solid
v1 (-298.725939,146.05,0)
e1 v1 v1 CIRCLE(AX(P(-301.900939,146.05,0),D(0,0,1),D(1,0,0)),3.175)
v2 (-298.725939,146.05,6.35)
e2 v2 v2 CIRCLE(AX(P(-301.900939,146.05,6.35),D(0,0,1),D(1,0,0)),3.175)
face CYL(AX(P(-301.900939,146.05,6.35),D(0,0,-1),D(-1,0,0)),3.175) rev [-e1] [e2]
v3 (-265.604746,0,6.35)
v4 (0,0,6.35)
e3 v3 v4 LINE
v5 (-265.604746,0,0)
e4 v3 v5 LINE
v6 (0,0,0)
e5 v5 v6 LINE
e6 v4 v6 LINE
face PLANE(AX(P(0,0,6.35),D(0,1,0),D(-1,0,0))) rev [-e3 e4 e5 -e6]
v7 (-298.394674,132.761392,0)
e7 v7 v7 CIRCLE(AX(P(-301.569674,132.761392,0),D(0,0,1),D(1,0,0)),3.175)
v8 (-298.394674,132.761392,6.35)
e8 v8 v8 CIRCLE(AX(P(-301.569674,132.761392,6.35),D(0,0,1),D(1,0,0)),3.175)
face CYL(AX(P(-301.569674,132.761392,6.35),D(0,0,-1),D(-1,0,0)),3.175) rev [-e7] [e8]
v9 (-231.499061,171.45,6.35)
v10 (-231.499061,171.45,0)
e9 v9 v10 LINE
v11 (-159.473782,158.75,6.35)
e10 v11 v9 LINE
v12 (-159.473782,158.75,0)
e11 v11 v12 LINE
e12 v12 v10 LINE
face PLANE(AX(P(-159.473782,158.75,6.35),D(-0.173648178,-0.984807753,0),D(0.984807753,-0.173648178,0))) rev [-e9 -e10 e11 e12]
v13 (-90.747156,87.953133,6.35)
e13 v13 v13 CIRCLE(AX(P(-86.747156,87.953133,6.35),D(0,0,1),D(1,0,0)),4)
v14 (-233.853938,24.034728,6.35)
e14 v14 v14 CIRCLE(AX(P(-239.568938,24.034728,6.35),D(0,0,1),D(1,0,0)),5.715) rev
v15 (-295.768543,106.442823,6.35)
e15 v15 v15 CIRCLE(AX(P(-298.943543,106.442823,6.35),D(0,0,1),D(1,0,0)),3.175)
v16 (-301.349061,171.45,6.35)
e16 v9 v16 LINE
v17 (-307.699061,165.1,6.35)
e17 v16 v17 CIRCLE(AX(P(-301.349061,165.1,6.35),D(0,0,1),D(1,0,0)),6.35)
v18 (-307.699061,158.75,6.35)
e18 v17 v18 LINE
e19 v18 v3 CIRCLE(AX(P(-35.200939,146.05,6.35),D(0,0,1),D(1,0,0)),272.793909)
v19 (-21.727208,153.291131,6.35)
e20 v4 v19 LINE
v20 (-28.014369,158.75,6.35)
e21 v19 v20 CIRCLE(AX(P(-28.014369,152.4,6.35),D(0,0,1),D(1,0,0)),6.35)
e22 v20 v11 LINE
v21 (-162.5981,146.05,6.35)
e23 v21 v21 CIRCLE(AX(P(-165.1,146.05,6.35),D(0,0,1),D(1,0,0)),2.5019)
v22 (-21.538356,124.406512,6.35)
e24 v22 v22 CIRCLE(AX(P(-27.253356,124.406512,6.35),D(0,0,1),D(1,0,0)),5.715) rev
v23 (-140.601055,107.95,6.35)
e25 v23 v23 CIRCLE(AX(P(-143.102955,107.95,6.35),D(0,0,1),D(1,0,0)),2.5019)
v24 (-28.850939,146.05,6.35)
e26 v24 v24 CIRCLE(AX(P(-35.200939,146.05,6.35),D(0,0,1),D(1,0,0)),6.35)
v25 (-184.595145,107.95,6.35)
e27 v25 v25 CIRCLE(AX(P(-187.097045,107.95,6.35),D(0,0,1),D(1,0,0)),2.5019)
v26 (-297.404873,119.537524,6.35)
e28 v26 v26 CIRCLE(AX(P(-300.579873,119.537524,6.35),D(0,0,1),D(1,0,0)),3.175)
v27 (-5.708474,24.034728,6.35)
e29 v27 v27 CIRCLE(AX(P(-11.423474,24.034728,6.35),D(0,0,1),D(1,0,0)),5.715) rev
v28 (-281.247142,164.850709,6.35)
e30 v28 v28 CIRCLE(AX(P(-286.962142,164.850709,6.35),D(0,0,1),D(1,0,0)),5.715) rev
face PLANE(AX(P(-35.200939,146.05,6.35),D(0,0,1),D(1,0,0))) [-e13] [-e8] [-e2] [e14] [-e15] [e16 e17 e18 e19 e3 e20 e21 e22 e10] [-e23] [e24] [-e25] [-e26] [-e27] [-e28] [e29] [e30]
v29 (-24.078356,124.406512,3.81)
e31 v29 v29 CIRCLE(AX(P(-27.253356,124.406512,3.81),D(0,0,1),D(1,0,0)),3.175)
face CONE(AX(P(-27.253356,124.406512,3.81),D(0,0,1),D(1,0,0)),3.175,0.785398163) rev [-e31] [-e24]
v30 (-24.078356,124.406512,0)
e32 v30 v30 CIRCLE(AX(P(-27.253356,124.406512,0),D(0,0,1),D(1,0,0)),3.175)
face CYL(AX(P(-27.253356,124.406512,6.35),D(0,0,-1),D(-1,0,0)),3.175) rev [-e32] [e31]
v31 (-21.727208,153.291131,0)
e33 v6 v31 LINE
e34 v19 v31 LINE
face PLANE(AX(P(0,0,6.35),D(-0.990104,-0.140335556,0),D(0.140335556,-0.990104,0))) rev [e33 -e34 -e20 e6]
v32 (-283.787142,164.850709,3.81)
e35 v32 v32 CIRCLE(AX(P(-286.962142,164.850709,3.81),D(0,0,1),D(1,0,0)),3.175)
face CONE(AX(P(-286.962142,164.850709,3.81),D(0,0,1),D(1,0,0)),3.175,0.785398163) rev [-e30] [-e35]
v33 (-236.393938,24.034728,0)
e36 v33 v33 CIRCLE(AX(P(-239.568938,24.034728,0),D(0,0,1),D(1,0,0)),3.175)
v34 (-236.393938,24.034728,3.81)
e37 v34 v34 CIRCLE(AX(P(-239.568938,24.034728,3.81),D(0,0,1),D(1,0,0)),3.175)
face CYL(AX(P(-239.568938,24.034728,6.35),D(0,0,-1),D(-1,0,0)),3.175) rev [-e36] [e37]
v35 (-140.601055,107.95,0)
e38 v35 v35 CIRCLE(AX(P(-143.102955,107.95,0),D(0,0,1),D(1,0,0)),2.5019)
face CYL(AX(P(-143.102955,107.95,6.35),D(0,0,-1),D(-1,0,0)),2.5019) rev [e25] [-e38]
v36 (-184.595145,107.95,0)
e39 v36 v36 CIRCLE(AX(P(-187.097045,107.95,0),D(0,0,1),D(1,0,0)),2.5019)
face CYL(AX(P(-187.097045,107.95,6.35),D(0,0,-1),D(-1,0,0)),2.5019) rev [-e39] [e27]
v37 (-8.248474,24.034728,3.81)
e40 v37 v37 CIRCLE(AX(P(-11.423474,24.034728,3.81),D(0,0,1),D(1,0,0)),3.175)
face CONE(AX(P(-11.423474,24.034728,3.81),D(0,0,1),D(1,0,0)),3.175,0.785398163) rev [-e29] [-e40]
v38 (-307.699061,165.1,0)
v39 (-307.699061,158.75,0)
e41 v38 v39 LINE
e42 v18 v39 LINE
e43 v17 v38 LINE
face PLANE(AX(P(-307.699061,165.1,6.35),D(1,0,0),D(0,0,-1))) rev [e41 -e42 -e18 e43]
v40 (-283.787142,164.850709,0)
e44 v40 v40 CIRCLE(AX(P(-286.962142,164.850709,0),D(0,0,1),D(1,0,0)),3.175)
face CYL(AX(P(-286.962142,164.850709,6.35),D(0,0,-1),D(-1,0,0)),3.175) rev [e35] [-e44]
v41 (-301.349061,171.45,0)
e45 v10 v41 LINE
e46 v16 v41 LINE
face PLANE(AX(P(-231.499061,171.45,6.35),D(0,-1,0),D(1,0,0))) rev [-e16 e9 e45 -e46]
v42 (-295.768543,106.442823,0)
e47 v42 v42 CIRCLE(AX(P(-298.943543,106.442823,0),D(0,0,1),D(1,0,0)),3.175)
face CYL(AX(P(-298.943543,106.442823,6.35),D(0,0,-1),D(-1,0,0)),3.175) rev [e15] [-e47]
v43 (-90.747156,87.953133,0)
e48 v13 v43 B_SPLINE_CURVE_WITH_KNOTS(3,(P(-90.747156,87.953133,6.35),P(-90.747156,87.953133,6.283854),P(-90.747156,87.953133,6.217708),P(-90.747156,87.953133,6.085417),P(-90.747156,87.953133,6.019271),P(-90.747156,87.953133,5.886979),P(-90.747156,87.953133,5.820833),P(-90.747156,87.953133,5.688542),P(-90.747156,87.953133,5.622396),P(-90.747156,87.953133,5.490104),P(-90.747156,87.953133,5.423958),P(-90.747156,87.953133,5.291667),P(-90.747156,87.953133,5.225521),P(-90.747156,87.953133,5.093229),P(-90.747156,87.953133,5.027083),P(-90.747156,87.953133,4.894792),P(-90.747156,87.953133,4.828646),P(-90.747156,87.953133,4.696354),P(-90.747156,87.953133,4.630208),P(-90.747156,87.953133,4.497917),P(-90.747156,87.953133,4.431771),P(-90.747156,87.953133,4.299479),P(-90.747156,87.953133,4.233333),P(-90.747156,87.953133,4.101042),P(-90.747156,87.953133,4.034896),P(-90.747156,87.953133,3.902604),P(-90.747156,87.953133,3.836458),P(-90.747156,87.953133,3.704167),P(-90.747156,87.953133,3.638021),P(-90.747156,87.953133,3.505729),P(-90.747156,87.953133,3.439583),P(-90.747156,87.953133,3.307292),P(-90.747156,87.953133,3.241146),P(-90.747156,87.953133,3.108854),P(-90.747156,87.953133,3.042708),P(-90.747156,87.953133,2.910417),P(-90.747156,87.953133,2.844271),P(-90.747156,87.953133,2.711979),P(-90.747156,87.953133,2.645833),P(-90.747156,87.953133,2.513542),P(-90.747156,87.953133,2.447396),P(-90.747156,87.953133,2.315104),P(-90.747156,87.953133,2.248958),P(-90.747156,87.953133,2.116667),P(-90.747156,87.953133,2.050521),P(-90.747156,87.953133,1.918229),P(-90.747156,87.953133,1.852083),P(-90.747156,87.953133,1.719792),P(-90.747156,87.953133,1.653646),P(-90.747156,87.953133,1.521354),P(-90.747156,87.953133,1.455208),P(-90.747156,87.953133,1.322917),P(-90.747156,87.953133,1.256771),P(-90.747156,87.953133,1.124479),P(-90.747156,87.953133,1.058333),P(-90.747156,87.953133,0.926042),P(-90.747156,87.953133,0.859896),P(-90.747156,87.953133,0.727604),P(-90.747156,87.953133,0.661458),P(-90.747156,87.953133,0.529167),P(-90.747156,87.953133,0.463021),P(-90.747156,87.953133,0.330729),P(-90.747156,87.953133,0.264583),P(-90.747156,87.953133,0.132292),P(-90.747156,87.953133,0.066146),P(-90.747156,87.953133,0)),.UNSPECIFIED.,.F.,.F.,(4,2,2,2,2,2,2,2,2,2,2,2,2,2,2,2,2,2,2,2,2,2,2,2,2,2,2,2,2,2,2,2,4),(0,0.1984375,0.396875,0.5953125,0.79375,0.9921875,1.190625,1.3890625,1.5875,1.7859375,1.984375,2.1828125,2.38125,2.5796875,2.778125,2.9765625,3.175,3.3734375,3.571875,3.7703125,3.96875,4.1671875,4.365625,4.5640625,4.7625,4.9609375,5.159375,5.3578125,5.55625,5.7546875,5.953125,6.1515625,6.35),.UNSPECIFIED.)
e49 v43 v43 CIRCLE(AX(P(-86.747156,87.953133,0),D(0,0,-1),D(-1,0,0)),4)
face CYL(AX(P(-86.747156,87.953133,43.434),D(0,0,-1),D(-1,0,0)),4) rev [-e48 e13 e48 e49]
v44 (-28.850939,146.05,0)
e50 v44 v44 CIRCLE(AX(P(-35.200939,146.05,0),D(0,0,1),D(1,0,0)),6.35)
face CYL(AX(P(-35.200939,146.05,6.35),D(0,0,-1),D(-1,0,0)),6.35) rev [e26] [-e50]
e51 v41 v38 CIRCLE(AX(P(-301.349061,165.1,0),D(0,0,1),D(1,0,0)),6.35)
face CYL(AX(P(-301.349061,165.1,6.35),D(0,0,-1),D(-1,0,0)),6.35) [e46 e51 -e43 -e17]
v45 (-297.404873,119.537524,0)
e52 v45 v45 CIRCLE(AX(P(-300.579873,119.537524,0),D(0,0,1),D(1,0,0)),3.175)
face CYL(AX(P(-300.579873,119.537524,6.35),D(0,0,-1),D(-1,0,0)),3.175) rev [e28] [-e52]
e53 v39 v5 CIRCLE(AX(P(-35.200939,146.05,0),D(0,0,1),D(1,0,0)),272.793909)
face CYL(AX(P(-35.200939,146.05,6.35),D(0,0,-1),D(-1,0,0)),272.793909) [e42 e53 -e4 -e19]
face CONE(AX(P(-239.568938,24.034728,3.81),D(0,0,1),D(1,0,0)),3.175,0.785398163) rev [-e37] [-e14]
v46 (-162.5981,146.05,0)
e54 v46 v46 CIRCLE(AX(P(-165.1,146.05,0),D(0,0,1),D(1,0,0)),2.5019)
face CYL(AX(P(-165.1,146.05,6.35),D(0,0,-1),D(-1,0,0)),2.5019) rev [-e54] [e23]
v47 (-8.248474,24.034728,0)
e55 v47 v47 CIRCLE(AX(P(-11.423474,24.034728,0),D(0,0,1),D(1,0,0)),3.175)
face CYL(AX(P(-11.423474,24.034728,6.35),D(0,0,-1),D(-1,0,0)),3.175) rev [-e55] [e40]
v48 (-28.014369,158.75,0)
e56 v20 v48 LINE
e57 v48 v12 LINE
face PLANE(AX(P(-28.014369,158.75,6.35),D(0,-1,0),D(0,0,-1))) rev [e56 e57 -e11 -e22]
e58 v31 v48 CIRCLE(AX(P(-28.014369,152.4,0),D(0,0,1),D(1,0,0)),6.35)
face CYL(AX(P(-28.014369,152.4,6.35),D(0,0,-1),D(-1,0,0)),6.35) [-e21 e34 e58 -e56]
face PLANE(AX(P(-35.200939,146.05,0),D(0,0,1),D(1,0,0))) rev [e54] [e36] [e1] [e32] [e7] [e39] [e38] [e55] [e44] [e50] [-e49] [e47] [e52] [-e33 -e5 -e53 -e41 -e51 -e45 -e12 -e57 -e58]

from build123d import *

# Parameters (mm, degrees)
SKETCH18_R          = 3.175
SKETCH18_R_2        = 6.35
SKETCH18_R_3        = 2.5019
BOSS_EXTRUDE4_DEPTH = 6.35
CHAMFER1_SIZE       = 2.54
SKETCH19_R          = 4
CUT_EXTRUDE1_DEPTH  = 43.434


with BuildPart() as part:
    # Sketch18 → Boss-Extrude4 (new body)
    with BuildSketch(Plane.XY):
        with BuildLine():
            Line((0, 0), (-265.604745697, 0))
            ThreePointArc((-265.604745697, 0), (-298.882523776, 76.131915965), (-307.699061234, 158.75))
            Line((-307.699061234, 158.75), (-307.699061234, 165.1))
            ThreePointArc((-307.699061234, 165.1), (-305.839189294, 169.590128061), (-301.349061234, 171.45))
            Line((-301.349061234, 171.45), (-231.499061234, 171.45))
            Line((-231.499061234, 171.45), (-159.473782125, 158.75))
            Line((-159.473782125, 158.75), (-28.014368889, 158.75))
            ThreePointArc((-28.014368889, 158.75), (-23.851207857, 157.194850386), (-21.727208485, 153.291130779))
            Line((-21.727208485, 153.291130779), (0, 0))
        make_face()
        with Locations((-11.423473622, 24.034728138)):
            Circle(SKETCH18_R, mode=Mode.SUBTRACT)
        with Locations((-27.253356194, 124.406511892)):
            Circle(SKETCH18_R, mode=Mode.SUBTRACT)
        with Locations((-35.200938766, 146.05)):
            Circle(SKETCH18_R_2, mode=Mode.SUBTRACT)
        with Locations((-301.900938766, 146.05)):
            Circle(SKETCH18_R, mode=Mode.SUBTRACT)
        with Locations((-301.569673588, 132.761391752)):
            Circle(SKETCH18_R, mode=Mode.SUBTRACT)
        with Locations((-300.579872803, 119.537524267)):
            Circle(SKETCH18_R, mode=Mode.SUBTRACT)
        with Locations((-298.943543444, 106.442822899)):
            Circle(SKETCH18_R, mode=Mode.SUBTRACT)
        with Locations((-239.568937637, 24.034728138)):
            Circle(SKETCH18_R, mode=Mode.SUBTRACT)
        with Locations((-286.962142025, 164.850708953)):
            Circle(SKETCH18_R, mode=Mode.SUBTRACT)
        with Locations((-165.1, 146.05)):
            Circle(SKETCH18_R_3, mode=Mode.SUBTRACT)
        with Locations((-143.102954744, 107.95)):
            Circle(SKETCH18_R_3, mode=Mode.SUBTRACT)
        with Locations((-187.097045256, 107.95)):
            Circle(SKETCH18_R_3, mode=Mode.SUBTRACT)
    extrude(amount=BOSS_EXTRUDE4_DEPTH)

    # Chamfer1
    chamfer1_edges = [part.edges().sort_by_distance(p)[0] for p in [
        (-14.598473622, 24.034728138, 6.35),
        (-30.428356194, 124.406511892, 6.35),
        (-242.743937637, 24.034728138, 6.35),
        (-290.137142025, 164.850708953, 6.35),
    ]]
    chamfer(chamfer1_edges, length=CHAMFER1_SIZE)

    # Sketch19 → Cut-Extrude1 (cut)
    with BuildSketch(Plane(origin=(0, 0, 0), x_dir=(-1, 0, 0), z_dir=(0, 0, -1))):
        with Locations((86.747156029, 87.953133026)):
            Circle(SKETCH19_R)
    extrude(amount=-CUT_EXTRUDE1_DEPTH, mode=Mode.SUBTRACT)


solid = part.part
